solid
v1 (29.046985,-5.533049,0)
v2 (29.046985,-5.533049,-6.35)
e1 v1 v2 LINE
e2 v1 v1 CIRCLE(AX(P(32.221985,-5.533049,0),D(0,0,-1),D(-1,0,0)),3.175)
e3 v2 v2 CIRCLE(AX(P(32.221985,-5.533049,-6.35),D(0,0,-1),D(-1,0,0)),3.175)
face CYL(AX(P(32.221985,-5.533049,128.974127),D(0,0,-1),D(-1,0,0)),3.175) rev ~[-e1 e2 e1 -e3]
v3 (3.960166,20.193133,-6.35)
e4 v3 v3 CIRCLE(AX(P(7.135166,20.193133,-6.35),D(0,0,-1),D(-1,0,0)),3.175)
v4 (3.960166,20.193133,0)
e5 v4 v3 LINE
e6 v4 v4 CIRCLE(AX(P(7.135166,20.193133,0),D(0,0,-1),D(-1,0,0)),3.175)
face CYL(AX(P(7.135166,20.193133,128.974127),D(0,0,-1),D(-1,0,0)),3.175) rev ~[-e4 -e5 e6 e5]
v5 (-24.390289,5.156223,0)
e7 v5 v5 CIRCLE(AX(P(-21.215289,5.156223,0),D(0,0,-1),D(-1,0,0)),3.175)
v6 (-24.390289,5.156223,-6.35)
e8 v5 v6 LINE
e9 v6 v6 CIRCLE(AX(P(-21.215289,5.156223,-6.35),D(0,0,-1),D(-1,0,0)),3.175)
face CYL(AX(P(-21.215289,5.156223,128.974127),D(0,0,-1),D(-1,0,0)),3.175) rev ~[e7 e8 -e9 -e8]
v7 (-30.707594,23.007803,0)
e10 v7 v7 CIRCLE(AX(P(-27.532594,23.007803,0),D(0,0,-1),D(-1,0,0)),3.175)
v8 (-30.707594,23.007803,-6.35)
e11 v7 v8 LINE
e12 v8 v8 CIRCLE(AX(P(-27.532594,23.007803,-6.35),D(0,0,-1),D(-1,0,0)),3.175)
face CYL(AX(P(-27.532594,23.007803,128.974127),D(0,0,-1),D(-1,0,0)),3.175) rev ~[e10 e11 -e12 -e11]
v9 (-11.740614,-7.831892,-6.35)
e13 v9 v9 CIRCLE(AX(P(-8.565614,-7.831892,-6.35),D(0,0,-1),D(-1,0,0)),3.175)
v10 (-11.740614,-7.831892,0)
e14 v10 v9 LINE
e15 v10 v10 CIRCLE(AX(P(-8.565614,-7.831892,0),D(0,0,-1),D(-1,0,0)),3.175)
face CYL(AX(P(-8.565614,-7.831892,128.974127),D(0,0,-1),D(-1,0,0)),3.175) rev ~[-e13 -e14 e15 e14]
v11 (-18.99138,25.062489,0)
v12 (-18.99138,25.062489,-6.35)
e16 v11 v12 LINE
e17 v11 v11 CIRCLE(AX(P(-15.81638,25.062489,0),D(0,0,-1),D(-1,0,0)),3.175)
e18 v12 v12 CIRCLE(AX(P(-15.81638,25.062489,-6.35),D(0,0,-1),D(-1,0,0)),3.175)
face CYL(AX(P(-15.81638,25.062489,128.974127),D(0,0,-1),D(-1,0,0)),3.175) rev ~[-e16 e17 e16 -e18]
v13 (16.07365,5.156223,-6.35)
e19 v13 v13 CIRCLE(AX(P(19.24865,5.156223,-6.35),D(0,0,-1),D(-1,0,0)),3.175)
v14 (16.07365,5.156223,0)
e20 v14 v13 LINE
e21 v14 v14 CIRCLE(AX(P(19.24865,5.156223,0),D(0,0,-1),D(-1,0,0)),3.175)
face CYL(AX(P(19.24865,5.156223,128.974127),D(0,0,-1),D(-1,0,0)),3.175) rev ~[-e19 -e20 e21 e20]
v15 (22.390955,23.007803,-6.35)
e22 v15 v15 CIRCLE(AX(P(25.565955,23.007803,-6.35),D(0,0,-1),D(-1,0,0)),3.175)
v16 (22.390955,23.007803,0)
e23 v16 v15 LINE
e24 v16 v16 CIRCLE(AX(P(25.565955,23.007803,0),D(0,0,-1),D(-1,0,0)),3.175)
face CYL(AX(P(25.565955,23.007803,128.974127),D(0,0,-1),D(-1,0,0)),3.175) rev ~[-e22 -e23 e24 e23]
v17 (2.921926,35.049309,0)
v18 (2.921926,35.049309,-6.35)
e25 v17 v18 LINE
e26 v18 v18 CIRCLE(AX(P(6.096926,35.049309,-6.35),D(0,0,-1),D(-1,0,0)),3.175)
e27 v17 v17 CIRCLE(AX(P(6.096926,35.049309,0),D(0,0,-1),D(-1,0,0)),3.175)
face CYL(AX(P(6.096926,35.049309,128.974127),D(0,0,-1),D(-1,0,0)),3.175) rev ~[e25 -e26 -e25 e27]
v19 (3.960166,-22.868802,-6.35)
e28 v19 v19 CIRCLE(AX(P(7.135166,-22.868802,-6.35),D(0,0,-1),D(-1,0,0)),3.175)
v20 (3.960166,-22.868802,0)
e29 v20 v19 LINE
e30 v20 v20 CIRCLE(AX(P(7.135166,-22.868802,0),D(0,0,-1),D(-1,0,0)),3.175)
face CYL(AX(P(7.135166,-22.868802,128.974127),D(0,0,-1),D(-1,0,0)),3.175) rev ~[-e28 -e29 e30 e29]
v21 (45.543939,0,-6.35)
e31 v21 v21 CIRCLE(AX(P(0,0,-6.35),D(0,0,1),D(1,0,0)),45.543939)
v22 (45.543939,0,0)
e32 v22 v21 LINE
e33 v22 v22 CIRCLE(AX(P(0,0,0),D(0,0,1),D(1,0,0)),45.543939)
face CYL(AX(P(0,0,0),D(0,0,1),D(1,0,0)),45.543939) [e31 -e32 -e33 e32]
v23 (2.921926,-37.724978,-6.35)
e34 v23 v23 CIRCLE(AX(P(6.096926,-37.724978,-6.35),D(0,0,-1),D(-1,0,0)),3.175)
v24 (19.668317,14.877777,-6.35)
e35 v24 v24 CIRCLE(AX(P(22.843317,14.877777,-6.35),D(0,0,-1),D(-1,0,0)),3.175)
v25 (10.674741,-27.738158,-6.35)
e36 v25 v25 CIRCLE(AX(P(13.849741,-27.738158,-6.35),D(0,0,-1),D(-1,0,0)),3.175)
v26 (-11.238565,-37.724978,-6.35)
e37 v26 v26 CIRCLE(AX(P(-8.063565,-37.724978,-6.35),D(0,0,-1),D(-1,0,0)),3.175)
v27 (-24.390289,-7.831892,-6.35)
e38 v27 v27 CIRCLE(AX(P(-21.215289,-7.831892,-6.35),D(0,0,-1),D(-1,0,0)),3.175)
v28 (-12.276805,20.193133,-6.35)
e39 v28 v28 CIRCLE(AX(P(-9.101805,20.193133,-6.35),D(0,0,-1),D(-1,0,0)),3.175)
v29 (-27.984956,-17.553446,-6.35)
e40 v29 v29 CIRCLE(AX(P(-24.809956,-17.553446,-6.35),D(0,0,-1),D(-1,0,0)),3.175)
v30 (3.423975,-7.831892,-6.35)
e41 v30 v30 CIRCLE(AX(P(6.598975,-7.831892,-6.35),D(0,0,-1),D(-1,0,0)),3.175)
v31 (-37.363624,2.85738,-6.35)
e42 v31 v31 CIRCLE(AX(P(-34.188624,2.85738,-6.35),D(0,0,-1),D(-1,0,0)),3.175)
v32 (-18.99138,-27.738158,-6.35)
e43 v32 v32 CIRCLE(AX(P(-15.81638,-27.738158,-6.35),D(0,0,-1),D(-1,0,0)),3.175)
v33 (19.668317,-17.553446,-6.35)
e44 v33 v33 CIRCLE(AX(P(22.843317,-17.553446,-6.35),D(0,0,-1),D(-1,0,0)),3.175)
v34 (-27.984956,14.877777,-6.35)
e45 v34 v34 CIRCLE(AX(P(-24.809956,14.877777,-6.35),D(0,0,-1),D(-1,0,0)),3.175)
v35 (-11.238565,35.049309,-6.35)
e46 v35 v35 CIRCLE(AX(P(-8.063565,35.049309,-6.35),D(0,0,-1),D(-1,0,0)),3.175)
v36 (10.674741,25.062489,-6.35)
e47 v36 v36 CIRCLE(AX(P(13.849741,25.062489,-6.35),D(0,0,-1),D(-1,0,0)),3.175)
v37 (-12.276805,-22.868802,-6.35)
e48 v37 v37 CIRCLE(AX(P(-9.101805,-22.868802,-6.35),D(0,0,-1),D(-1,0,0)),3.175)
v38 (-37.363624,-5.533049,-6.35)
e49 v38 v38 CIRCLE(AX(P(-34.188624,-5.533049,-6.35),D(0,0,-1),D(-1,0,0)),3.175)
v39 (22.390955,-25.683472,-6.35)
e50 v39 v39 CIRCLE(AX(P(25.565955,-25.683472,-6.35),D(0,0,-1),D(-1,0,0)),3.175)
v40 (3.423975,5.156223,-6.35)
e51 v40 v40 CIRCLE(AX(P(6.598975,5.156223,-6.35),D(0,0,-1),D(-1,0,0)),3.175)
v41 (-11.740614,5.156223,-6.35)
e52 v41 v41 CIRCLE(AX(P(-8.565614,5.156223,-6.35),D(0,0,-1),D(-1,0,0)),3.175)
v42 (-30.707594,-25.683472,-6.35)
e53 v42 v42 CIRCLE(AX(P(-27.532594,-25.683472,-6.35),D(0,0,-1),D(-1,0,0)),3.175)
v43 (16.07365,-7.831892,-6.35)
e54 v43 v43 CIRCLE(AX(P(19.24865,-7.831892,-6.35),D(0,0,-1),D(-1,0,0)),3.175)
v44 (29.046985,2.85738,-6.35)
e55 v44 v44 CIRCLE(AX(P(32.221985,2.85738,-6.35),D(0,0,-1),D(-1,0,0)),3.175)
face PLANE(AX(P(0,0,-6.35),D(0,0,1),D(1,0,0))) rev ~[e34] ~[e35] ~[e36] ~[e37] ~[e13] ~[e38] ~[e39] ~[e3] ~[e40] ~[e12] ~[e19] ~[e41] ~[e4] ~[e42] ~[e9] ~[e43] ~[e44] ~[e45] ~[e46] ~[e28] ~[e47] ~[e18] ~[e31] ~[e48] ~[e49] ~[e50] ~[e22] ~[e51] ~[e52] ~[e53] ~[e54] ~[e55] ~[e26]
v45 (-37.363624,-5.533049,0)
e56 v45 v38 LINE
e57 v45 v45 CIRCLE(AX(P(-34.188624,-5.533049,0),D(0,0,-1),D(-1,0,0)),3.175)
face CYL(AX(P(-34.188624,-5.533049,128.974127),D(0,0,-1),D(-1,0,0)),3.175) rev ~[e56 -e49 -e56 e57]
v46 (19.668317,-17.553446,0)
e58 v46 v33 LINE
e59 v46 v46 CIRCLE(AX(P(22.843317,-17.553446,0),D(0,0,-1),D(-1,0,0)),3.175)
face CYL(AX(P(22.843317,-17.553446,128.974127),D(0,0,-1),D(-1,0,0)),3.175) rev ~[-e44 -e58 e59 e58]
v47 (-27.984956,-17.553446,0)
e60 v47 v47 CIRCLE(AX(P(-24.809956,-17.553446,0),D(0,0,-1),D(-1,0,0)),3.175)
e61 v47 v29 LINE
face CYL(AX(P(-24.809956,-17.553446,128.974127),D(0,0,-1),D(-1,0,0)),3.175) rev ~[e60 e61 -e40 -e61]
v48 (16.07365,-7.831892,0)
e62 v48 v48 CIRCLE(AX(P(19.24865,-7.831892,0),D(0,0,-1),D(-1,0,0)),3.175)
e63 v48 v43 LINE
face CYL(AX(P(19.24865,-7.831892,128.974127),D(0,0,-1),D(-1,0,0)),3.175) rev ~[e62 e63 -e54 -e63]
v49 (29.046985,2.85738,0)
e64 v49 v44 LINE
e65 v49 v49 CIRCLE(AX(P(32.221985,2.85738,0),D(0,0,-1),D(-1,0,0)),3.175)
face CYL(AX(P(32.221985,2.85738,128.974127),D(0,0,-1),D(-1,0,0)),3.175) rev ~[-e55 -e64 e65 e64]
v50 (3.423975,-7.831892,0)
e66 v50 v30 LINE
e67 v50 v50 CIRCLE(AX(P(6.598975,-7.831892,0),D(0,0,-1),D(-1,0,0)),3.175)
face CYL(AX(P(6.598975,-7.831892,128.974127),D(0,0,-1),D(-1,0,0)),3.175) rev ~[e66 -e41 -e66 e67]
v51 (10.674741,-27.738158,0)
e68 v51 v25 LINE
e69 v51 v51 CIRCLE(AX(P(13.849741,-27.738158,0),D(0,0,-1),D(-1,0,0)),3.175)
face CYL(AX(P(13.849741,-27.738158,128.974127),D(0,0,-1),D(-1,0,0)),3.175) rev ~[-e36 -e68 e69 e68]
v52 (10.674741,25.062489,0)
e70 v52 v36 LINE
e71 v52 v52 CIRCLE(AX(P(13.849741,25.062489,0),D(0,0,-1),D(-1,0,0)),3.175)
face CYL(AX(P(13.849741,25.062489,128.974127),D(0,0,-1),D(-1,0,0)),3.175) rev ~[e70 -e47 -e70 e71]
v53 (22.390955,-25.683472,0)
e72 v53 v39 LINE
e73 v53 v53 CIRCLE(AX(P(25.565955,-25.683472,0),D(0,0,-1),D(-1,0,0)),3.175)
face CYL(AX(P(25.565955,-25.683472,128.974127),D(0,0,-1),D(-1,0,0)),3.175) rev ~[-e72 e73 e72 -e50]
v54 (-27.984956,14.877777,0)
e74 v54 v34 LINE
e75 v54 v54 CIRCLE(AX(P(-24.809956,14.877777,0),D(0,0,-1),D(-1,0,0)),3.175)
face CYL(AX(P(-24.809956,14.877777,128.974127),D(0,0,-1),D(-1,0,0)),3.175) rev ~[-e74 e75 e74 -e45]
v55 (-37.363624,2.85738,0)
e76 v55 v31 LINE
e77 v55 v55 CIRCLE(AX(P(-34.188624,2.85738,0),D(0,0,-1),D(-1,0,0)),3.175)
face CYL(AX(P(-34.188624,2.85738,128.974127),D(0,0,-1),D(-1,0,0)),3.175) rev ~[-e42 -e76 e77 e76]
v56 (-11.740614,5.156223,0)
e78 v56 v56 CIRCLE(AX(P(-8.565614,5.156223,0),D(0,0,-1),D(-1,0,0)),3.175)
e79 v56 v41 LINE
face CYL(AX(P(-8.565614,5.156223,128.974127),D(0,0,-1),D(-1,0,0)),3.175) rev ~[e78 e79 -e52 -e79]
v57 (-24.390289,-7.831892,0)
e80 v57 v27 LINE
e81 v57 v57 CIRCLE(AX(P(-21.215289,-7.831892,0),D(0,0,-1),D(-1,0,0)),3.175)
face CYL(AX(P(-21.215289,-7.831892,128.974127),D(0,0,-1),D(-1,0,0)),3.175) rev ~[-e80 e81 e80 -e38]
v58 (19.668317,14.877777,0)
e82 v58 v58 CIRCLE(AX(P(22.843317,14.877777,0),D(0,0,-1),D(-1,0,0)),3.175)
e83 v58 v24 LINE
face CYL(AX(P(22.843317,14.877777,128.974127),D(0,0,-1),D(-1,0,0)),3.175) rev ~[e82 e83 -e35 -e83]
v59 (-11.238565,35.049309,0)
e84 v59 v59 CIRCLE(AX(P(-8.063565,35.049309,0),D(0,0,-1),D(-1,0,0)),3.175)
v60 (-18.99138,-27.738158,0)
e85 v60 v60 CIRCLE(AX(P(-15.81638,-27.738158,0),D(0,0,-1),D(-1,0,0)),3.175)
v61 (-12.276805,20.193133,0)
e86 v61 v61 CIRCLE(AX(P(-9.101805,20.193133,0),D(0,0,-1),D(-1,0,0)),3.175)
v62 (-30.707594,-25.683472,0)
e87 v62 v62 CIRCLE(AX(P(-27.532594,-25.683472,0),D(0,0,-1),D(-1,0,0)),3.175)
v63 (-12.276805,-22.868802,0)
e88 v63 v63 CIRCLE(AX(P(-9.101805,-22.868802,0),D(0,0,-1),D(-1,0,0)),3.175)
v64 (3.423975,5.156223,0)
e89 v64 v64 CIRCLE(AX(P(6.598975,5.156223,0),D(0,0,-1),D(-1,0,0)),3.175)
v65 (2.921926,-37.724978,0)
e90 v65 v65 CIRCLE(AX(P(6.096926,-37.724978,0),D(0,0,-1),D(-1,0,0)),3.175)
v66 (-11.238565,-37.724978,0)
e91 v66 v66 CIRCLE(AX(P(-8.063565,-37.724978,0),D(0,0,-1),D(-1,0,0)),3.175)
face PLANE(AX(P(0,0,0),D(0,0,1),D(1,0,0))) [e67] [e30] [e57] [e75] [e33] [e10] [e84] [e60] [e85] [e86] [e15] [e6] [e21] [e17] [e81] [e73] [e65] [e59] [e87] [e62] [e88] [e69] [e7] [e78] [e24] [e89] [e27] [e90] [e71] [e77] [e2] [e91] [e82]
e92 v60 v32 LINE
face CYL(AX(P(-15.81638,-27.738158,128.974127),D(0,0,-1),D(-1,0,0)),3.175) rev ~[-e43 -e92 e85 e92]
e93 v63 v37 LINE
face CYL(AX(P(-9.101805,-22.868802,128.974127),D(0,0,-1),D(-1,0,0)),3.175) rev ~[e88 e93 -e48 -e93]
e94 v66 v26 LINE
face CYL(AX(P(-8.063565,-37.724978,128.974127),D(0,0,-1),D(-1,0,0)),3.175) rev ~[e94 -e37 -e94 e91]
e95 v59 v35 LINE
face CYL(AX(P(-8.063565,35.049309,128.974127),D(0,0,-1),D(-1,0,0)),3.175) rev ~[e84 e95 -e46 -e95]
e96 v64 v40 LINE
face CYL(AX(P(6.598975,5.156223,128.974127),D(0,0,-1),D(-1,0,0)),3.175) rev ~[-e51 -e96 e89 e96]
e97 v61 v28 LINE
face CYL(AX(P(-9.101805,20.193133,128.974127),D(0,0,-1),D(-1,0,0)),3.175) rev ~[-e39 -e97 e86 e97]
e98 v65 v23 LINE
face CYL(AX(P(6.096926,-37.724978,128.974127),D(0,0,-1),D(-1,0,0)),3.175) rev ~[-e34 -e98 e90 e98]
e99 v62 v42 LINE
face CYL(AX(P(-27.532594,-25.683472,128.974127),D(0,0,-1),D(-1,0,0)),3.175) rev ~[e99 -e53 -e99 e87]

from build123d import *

# Parameters (mm, degrees)
F0_R     = 45.543939
F2_DEPTH = 6.35
F3_D     = 6.35


with BuildPart() as f2:
    # F0 (on Top) → F2 (new body)
    with BuildSketch(Plane.XY):
        Circle(F0_R)
    extrude(amount=-F2_DEPTH)

    # F3 (through all)
    with Locations(Plane.XY):
        with Locations((-9.101805, -22.868802), (-15.81638, -27.738158), (-27.532594, -25.683472), (-24.809956, -17.553446), (-8.565614, -7.831892), (-21.215289, -7.831892), (13.849741, -27.738158), (25.565955, -25.683472), (22.843317, -17.553446), (7.135166, -22.868802), (6.096926, -37.724978), (-8.063565, -37.724978), (6.598975, -7.831892), (19.24865, -7.831892), (32.221985, -5.533049), (32.221985, 2.85738), (19.24865, 5.156223), (6.598975, 5.156223), (7.135166, 20.193133), (13.849741, 25.062489), (25.565955, 23.007803), (22.843317, 14.877777), (6.096926, 35.049309), (-8.565614, 5.156223), (-21.215289, 5.156223), (-34.188624, 2.85738), (-34.188624, -5.533049), (-9.101805, 20.193133), (-24.809956, 14.877777), (-15.81638, 25.062489), (-27.532594, 23.007803), (-8.063565, 35.049309)):
            Hole(F3_D / 2)


solid = f2.part
